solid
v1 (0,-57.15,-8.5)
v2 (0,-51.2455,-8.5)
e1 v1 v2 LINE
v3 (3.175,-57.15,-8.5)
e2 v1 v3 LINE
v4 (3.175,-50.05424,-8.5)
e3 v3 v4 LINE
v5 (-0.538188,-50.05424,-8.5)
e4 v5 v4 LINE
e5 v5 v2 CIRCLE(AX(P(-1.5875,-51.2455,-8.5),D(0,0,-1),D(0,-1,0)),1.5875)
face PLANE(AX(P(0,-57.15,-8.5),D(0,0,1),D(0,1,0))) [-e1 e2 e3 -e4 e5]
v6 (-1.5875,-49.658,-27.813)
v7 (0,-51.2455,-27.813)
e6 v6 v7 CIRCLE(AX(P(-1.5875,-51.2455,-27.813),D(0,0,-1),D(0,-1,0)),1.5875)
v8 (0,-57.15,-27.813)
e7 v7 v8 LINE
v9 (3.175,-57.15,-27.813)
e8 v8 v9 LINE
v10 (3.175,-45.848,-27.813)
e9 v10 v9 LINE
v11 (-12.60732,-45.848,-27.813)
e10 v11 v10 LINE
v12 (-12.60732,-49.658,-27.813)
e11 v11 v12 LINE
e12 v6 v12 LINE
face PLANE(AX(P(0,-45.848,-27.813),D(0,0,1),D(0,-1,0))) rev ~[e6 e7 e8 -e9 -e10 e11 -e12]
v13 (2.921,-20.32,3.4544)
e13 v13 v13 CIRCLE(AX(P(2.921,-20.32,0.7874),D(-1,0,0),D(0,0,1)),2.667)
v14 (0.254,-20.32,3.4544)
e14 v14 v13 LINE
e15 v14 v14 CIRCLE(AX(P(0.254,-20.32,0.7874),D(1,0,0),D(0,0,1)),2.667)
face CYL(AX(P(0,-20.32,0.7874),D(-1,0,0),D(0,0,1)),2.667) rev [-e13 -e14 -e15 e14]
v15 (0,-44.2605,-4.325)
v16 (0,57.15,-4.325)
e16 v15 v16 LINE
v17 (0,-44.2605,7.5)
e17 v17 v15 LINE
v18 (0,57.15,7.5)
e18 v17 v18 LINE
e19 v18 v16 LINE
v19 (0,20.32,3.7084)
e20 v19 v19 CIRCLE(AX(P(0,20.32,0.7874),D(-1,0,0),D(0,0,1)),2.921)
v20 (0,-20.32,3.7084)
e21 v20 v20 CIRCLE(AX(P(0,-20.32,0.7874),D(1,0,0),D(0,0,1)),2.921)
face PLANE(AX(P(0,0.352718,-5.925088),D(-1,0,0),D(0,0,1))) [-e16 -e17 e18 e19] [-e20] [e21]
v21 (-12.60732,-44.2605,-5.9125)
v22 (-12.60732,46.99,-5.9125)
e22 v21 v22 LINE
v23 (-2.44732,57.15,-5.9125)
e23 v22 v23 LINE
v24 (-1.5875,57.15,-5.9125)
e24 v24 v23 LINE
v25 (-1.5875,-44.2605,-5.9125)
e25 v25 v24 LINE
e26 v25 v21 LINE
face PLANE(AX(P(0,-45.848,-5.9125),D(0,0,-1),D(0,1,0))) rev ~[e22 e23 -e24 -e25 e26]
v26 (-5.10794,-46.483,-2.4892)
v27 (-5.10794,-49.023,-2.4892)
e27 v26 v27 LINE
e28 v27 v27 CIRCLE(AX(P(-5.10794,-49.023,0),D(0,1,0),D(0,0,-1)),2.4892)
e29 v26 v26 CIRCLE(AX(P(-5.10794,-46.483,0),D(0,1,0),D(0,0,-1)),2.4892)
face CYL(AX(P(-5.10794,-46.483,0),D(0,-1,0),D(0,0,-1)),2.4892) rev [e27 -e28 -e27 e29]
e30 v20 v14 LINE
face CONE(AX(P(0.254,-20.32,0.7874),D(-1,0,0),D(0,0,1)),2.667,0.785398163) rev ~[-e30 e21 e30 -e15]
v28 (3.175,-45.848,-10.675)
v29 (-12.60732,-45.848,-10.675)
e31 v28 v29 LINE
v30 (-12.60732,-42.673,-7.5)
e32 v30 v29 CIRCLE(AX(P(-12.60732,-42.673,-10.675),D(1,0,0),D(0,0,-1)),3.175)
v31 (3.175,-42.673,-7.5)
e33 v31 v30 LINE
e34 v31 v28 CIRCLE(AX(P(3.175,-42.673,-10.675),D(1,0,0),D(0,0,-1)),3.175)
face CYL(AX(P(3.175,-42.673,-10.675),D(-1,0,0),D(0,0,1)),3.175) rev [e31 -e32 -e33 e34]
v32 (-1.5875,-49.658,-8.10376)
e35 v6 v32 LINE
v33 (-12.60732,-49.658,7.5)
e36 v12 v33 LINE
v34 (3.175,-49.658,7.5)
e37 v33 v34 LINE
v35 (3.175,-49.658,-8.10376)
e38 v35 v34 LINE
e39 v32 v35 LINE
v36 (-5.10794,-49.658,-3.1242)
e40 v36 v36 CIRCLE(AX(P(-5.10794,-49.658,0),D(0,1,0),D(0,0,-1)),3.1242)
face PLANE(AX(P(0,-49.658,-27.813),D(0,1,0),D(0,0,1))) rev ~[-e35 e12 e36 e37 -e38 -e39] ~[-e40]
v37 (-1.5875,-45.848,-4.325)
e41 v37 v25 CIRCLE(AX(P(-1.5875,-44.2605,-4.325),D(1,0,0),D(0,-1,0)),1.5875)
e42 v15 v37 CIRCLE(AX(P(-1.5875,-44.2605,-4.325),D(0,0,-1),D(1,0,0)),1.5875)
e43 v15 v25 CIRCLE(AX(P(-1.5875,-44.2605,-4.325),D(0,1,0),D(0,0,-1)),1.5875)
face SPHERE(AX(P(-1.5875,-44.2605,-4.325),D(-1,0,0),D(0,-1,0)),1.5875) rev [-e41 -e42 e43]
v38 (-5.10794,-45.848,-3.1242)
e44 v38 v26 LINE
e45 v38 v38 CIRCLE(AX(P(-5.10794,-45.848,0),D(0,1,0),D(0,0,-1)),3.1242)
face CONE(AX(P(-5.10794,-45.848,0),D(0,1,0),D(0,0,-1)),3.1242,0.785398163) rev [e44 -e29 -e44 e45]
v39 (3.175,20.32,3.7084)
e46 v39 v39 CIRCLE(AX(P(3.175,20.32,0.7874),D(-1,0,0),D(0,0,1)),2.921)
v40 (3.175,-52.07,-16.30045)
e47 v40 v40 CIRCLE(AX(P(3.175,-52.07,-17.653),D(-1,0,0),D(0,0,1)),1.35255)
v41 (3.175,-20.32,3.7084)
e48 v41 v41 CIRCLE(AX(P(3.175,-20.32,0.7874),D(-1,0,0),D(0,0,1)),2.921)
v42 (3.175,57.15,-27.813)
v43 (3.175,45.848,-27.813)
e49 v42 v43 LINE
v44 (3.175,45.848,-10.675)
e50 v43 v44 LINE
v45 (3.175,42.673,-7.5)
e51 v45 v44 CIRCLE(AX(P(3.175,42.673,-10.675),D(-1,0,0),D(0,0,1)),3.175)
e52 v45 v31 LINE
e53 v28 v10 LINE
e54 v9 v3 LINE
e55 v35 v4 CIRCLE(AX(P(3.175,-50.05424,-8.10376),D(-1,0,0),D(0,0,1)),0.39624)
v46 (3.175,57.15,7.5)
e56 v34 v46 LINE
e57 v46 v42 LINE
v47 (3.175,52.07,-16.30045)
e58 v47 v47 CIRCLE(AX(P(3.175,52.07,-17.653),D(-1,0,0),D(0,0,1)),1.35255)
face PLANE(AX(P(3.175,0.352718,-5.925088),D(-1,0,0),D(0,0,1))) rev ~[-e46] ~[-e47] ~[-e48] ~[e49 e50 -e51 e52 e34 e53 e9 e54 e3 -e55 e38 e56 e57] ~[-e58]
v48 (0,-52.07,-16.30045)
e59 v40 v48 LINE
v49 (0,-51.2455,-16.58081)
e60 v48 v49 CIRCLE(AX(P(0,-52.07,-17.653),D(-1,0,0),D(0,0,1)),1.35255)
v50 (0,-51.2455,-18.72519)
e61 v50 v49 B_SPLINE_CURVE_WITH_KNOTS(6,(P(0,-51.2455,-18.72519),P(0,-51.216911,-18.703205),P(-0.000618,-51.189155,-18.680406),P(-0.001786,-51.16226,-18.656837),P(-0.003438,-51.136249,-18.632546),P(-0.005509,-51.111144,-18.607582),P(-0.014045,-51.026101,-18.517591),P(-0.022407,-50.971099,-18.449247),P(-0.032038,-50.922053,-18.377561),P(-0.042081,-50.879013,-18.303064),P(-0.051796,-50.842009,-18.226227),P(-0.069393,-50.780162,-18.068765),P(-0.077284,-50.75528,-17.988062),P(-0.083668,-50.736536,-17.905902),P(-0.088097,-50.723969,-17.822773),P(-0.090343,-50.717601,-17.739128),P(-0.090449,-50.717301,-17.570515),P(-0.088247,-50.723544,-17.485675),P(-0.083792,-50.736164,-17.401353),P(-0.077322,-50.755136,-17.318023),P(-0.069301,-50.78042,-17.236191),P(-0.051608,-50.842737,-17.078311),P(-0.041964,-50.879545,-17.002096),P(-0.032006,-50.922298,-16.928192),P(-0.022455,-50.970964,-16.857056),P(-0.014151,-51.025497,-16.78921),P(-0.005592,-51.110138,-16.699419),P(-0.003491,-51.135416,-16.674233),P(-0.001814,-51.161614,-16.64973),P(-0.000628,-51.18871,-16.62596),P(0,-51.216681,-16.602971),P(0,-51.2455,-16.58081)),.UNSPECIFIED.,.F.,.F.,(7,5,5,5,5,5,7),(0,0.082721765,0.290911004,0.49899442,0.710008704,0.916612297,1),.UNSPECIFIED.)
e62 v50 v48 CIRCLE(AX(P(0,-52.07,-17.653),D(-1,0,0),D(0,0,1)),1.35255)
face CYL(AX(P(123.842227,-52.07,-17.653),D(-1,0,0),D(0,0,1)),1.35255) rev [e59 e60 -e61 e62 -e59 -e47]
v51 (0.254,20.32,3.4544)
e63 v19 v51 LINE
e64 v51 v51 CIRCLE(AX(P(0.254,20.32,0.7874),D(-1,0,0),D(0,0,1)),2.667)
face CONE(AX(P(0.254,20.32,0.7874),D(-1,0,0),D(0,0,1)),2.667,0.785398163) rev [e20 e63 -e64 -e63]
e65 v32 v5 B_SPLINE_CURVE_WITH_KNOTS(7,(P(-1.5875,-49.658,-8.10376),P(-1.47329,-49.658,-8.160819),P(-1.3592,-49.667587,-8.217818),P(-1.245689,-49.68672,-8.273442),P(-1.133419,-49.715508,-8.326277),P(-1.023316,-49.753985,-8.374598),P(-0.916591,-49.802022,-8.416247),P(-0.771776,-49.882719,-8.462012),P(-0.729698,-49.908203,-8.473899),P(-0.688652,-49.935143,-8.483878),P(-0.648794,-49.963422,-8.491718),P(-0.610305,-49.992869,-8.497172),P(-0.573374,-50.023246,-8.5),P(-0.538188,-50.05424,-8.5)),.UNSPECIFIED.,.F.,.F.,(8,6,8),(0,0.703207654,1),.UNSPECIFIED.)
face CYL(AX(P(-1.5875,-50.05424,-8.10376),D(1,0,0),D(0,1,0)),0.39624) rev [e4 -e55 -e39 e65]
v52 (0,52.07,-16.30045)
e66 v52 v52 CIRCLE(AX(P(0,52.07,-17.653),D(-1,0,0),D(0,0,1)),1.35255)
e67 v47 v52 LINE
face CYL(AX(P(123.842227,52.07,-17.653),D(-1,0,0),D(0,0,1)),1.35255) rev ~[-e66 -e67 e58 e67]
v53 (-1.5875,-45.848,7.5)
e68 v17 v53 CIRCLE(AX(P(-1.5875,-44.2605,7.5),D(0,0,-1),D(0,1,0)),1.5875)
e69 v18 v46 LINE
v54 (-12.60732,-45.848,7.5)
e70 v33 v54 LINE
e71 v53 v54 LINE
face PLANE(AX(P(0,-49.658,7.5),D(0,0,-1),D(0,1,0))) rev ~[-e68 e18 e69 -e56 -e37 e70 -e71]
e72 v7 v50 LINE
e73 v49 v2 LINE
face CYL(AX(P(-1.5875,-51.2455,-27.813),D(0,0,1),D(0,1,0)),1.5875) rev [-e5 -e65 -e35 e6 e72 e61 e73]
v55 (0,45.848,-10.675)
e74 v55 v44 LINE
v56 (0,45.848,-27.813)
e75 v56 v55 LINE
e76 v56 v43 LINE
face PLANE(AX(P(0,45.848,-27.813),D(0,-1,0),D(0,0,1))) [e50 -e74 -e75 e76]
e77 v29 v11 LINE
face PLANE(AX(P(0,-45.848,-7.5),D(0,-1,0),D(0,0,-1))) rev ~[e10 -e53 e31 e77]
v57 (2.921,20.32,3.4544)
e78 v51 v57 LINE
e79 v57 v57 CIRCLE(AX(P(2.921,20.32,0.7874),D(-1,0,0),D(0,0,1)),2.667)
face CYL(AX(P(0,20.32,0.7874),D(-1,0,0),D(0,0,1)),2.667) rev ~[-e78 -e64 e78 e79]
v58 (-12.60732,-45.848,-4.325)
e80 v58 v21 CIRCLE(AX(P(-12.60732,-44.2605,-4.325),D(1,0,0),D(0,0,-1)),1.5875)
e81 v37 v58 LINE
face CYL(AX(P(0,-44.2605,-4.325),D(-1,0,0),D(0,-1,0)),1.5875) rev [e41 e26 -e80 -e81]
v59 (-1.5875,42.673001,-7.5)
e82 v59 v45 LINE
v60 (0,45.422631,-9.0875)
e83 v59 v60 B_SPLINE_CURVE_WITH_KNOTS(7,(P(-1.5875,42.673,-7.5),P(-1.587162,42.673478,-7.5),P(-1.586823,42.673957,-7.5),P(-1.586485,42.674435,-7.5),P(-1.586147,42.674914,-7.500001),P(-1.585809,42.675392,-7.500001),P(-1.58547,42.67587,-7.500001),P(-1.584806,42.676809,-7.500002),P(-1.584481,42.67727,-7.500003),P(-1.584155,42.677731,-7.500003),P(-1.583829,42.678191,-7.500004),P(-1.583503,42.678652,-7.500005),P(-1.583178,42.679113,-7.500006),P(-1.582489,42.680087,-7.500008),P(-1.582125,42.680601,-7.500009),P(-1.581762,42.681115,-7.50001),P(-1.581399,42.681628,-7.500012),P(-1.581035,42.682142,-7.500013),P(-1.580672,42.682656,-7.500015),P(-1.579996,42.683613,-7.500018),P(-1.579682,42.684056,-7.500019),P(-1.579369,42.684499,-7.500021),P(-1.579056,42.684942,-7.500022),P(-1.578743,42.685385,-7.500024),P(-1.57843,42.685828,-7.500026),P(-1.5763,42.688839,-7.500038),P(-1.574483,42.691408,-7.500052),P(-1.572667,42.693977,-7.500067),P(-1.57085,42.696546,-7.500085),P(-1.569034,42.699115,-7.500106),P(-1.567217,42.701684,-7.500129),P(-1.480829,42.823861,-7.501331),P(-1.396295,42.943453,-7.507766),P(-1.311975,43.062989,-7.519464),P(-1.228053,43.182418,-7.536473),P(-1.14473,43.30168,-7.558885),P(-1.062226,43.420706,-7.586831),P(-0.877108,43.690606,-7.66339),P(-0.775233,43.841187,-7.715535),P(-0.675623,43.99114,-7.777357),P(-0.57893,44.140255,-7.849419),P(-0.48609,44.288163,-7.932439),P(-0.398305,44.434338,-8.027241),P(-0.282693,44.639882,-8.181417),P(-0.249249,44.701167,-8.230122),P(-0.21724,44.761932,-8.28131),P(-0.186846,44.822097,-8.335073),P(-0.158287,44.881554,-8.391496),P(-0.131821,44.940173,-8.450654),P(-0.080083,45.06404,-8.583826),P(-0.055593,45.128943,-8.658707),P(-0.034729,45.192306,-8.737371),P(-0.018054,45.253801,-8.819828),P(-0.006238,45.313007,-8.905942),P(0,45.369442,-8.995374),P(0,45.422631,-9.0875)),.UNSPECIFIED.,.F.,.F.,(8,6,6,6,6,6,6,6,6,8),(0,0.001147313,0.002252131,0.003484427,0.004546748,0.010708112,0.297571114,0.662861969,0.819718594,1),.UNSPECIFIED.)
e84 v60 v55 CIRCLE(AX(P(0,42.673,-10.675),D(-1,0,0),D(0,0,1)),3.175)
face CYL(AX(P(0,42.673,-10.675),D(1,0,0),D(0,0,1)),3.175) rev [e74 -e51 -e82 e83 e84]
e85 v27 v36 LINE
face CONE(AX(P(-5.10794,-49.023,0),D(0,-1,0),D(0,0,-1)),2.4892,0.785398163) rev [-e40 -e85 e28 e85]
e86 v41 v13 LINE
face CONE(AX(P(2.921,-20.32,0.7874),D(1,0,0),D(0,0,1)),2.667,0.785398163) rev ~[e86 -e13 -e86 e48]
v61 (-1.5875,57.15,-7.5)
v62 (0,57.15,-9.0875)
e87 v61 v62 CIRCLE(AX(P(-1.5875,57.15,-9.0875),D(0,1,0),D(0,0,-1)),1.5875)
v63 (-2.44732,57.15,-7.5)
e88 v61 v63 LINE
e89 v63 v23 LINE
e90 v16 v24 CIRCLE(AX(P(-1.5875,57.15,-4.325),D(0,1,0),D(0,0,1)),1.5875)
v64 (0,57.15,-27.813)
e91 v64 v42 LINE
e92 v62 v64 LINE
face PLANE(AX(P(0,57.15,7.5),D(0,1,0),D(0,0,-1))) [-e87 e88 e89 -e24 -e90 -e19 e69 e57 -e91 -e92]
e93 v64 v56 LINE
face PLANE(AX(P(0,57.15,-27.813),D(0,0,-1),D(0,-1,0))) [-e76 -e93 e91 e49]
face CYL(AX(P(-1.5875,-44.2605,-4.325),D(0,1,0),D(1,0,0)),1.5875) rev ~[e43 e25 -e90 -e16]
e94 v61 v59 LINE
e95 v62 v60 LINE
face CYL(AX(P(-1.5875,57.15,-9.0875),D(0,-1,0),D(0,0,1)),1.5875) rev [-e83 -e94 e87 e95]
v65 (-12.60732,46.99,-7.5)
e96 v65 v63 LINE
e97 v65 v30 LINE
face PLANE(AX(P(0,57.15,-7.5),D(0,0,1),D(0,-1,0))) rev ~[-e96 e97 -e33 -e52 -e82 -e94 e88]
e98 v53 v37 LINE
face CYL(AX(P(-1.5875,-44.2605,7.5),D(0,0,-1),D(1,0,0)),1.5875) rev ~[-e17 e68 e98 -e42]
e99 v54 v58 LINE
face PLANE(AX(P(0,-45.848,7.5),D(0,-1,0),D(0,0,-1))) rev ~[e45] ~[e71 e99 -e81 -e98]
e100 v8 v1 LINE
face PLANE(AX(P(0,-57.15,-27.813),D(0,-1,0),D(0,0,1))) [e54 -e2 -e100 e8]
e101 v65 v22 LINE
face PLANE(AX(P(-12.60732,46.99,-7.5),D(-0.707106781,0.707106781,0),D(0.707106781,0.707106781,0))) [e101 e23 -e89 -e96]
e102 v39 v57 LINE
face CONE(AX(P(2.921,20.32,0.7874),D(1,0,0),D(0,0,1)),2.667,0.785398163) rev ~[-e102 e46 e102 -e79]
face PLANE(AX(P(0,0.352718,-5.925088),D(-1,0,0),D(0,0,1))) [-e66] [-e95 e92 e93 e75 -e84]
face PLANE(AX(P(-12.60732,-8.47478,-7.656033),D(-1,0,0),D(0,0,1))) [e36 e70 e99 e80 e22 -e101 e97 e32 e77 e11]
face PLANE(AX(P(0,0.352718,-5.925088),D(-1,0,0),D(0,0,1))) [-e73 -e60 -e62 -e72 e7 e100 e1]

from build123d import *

# Parameters (mm, degrees)
BOSS_EXTRUDE1_DEPTH   = 3.175
BOSS_EXTRUDE2_DEPTH   = 12.60732
FILLET1_R             = 1.5875
FILLET2_R             = 3.175
CUT_EXTRUDE1_DEPTH    = 16
F_6_32_TAPPED_HOLE1_D = 2.7051
SKETCH10_R            = 2.667
CUT_EXTRUDE2_DEPTH    = 4.175
CHAMFER1_SIZE         = 0.254
FILLET3_R             = 1.5875
FILLET4_R             = 0.39624


with BuildPart() as part:
    # Sketch1 → Boss-Extrude1 (new body)
    with BuildSketch(Plane(origin=(0, 0, 0), x_dir=(0, 0, -1), z_dir=(1, 0, 0))):
        Polygon((27.813, 57.15), (27.813, 45.847999998), (7.5, 45.847999998), (7.5, -45.847999998), (27.813, -45.847999998), (27.813, -57.15), (8.5, -57.15), (8.5, -49.657999998), (-7.5, -49.657999998), (-7.5, 57.15), align=None)
    extrude(amount=BOSS_EXTRUDE1_DEPTH)

    # Sketch2 → Boss-Extrude2 (add)
    with BuildSketch(Plane.ZY):
        Polygon((7.5, -49.657999998), (7.5, -45.847999998), (-5.9125, -45.847999998), (-5.9125, 57.15), (-7.5, 57.15), (-7.5, -45.847999998), (-27.813, -45.847999998), (-27.813, -49.657999998), align=None)
    extrude(amount=BOSS_EXTRUDE2_DEPTH)

    # Sketch4 → #10 Clearance Hole1 (revolve, cut)
    with BuildSketch(Plane(origin=(-5.10794, -49.657999998, 0), x_dir=(0, 0, -1), z_dir=(1, 0, 0))):
        Polygon((0, 0), (0, 3.81), (3.1242, 3.81), (2.4892, 3.175), (2.4892, 0.635), (3.1242, 0), align=None)
    revolve(axis=Axis((-5.10794, -56.007999998, 0), (0, 1, 0)), mode=Mode.SUBTRACT)

    # Fillet1
    fillet1_edges = [part.edges().sort_by_distance(p)[0] for p in [
        (-6.30366, -45.847999998, -5.9125),
    ]]
    fillet(fillet1_edges, radius=FILLET1_R)

    # Fillet2
    fillet2_edges = [part.edges().sort_by_distance(p)[0] for p in [
        (-4.71616, -45.847999998, -7.5),
        (1.5875, 45.847999998, -7.5),
    ]]
    fillet(fillet2_edges, radius=FILLET2_R)

    # Sketch6 → Cut-Extrude1 (cut, through all)
    with BuildSketch(Plane(origin=(0, 0, -7.5), x_dir=(-1, 0, 0), z_dir=(0, 0, -1))):
        Polygon((2.447319972, 57.15), (12.607319972, 57.15), (12.607319972, 46.99), align=None)
    extrude(amount=-CUT_EXTRUDE1_DEPTH, mode=Mode.SUBTRACT)

    # #6-32 Tapped Hole1 (through all)
    with Locations(Plane(origin=(3.175, 0, 0), x_dir=(0, 0, -1), z_dir=(1, 0, 0))):
        with Locations((17.653, 52.07)):
            f_6_32_tapped_hole1 = Hole(F_6_32_TAPPED_HOLE1_D / 2)

    # Sketch10 → Cut-Extrude2 (cut, through all)
    with BuildSketch(Plane.ZY):
        with Locations((0.7874, 20.32)):
            Circle(SKETCH10_R)
    cut_extrude2 = extrude(amount=-CUT_EXTRUDE2_DEPTH, mode=Mode.SUBTRACT)

    # Mirror2: Cut-Extrude2 across plane
    add(cut_extrude2.mirror(Plane.ZX), mode=Mode.SUBTRACT)

    # Chamfer1
    chamfer1_edges = [part.edges().sort_by_distance(p)[0] for p in [
        (3.175, 20.32, -1.8796),
        (0, 20.32, -1.8796),
        (3.175, -20.32, -1.8796),
        (0, -20.32, -1.8796),
    ]]
    chamfer(chamfer1_edges, length=CHAMFER1_SIZE)

    # Fillet3
    fillet3_edges = [part.edges().sort_by_distance(p)[0] for p in [
        (0, 6.444750001, -5.9125),
        (0, -45.383032013, -5.447532015),
        (0, -49.657999998, -18.1565),
        (0, 49.911499999, -7.5),
        (0, -45.847999998, 1.5875),
    ]]
    fillet(fillet3_edges, radius=FILLET3_R)

    # Mirror1: #6-32 Tapped Hole1 across plane
    add(f_6_32_tapped_hole1.mirror(Plane.ZX), mode=Mode.SUBTRACT)

    # Fillet4
    fillet4_edges = [part.edges().sort_by_distance(p)[0] for p in [
        (0.79375, -49.657999998, -8.5),
    ]]
    fillet(fillet4_edges, radius=FILLET4_R)


solid = part.part
